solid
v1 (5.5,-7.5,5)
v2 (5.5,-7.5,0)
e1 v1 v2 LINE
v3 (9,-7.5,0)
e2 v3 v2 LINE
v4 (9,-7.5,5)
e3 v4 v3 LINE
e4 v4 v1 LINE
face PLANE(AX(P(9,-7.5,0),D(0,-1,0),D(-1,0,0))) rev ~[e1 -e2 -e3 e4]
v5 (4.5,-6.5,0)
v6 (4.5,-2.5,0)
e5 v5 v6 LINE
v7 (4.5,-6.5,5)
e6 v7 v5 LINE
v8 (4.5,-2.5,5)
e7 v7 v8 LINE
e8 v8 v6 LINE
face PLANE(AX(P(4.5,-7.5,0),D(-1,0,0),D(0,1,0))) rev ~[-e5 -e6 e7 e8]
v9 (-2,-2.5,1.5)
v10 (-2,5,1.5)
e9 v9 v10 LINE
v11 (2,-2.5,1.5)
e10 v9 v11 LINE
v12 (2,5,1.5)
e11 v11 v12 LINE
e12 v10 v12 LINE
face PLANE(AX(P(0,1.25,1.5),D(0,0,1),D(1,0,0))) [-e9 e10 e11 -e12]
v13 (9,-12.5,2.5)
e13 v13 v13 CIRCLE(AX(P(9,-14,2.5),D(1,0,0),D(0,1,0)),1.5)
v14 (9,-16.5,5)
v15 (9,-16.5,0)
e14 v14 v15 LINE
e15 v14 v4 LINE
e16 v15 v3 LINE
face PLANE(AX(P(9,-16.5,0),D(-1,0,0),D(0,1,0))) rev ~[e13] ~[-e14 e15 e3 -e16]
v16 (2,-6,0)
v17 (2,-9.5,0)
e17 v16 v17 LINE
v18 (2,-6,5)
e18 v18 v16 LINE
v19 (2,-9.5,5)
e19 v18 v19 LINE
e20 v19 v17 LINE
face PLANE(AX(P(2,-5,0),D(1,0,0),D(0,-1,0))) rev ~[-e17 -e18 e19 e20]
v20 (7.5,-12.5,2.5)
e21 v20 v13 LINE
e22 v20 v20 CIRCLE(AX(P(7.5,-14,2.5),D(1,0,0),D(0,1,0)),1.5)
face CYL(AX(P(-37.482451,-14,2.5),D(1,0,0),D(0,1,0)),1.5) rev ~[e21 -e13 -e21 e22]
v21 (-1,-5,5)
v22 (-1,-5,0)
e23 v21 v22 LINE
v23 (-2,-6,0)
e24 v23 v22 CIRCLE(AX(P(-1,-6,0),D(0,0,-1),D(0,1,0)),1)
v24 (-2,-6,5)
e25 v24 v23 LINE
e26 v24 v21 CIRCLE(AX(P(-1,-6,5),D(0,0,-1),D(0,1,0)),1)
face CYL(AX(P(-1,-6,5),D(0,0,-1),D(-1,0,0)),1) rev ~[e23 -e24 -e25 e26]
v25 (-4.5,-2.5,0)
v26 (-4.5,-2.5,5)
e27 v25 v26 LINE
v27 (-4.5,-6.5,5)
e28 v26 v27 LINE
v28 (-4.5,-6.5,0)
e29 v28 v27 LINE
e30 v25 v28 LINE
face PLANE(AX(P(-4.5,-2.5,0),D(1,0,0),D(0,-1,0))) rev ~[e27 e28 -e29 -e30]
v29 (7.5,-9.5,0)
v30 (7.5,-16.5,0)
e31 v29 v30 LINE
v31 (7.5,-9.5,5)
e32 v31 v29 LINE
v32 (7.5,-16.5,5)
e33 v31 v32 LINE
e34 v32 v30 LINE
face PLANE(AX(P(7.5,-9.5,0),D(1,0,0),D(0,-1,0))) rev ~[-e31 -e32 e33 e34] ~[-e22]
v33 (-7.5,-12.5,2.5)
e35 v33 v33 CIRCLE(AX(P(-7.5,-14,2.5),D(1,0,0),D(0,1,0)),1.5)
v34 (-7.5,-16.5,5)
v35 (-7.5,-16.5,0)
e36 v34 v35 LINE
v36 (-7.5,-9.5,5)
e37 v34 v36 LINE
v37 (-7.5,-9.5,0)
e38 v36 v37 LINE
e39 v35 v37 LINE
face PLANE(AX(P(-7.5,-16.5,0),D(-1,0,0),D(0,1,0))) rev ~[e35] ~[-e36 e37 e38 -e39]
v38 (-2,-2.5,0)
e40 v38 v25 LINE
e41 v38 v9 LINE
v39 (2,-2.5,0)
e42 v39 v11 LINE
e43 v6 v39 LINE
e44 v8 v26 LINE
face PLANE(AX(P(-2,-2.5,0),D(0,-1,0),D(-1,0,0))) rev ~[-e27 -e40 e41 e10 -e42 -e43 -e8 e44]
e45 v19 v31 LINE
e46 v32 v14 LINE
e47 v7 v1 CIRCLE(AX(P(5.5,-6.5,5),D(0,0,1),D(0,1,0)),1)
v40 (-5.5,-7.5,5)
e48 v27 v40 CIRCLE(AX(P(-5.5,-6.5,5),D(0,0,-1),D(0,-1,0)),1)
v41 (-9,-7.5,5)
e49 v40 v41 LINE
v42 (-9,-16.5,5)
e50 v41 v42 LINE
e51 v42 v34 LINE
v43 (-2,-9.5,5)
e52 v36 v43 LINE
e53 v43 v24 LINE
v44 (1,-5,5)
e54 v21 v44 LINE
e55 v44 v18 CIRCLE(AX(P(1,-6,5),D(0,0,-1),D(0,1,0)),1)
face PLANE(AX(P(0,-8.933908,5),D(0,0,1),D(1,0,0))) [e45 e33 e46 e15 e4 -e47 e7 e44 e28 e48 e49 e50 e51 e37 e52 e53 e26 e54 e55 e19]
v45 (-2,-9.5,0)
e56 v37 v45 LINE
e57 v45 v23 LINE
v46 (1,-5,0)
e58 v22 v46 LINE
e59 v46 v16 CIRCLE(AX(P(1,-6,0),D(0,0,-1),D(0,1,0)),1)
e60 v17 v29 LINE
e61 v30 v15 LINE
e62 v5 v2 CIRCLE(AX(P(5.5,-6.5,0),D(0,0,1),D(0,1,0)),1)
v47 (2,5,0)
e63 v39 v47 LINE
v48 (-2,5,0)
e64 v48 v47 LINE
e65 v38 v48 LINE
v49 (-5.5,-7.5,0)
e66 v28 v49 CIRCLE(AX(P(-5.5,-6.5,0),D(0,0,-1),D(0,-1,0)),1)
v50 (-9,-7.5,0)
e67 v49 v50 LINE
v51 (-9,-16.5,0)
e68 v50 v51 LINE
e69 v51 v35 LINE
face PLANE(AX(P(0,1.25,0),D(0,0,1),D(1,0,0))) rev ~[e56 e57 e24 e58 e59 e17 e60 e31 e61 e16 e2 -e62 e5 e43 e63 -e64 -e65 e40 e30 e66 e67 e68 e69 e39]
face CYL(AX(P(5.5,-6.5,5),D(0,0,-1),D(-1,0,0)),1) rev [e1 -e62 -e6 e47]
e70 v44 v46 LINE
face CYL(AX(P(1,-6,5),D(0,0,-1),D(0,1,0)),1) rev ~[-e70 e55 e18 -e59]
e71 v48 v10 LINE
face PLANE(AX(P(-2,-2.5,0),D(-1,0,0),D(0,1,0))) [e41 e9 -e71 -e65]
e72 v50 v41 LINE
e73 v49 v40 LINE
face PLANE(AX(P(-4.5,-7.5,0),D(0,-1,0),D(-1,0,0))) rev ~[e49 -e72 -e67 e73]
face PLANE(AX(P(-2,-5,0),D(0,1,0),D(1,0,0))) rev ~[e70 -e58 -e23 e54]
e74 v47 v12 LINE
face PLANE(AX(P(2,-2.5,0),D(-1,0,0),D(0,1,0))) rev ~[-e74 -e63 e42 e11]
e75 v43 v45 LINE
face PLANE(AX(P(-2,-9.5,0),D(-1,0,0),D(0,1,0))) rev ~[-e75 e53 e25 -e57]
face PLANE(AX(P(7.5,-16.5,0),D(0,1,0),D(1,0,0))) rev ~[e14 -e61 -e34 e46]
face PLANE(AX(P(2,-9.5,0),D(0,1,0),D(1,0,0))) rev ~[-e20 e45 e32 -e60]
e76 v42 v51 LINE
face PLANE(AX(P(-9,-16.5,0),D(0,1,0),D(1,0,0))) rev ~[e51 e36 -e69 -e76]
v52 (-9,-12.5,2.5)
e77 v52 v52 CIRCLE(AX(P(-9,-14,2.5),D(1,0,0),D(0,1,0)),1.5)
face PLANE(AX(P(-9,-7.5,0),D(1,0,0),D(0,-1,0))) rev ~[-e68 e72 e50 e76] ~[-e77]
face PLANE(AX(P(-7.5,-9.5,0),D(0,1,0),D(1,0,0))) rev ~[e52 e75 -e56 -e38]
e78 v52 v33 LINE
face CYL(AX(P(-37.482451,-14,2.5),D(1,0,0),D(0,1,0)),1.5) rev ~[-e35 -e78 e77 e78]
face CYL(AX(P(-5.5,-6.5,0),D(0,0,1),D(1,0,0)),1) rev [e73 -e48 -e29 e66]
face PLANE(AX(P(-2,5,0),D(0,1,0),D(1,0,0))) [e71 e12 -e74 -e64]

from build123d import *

# Parameters (mm, degrees)
F0_W     = 4
F0_H     = 7.5
F1_DEPTH = 1.5
F2_DEPTH = 5
F4_D     = 3
F5_R     = 1


with BuildPart() as f1:
    # F0 (on Top) → F1 (new body)
    with BuildSketch(Plane.XY):
        with Locations((0, 1.25)):
            Rectangle(F0_W, F0_H)
        Polygon((4.5, -2.5), (2, -2.5), (-2, -2.5), (-4.5, -2.5), (-4.5, -7.5), (-9, -7.5), (-9, -9.5), (-9, -16.5), (-7.5, -16.5), (-7.5, -9.5), (-2, -9.5), (-2, -5), (2, -5), (2, -9.5), (7.5, -9.5), (7.5, -16.5), (9, -16.5), (9, -9.5), (9, -7.5), (4.5, -7.5), align=None)
    extrude(amount=F1_DEPTH)

    # F0 (on Top) → F2 (join)
    with BuildSketch(Plane.XY):
        Polygon((4.5, -2.5), (2, -2.5), (-2, -2.5), (-4.5, -2.5), (-4.5, -7.5), (-9, -7.5), (-9, -9.5), (-9, -16.5), (-7.5, -16.5), (-7.5, -9.5), (-2, -9.5), (-2, -5), (2, -5), (2, -9.5), (7.5, -9.5), (7.5, -16.5), (9, -16.5), (9, -9.5), (9, -7.5), (4.5, -7.5), align=None)
    extrude(amount=F2_DEPTH)

    # F4 (through all)
    with Locations(Plane(origin=(-9, 0, 0), x_dir=(0, -1, 0), z_dir=(-1, 0, 0))):
        with Locations((14, 2.5)):
            Hole(F4_D / 2)

    # F5
    f5_edges = [f1.edges().sort_by_distance(p)[0] for p in [
        (2, -5, 2.5),
        (-2, -5, 2.5),
        (-4.5, -7.5, 2.5),
        (4.5, -7.5, 2.5),
    ]]
    fillet(f5_edges, radius=F5_R)


solid = f1.part
